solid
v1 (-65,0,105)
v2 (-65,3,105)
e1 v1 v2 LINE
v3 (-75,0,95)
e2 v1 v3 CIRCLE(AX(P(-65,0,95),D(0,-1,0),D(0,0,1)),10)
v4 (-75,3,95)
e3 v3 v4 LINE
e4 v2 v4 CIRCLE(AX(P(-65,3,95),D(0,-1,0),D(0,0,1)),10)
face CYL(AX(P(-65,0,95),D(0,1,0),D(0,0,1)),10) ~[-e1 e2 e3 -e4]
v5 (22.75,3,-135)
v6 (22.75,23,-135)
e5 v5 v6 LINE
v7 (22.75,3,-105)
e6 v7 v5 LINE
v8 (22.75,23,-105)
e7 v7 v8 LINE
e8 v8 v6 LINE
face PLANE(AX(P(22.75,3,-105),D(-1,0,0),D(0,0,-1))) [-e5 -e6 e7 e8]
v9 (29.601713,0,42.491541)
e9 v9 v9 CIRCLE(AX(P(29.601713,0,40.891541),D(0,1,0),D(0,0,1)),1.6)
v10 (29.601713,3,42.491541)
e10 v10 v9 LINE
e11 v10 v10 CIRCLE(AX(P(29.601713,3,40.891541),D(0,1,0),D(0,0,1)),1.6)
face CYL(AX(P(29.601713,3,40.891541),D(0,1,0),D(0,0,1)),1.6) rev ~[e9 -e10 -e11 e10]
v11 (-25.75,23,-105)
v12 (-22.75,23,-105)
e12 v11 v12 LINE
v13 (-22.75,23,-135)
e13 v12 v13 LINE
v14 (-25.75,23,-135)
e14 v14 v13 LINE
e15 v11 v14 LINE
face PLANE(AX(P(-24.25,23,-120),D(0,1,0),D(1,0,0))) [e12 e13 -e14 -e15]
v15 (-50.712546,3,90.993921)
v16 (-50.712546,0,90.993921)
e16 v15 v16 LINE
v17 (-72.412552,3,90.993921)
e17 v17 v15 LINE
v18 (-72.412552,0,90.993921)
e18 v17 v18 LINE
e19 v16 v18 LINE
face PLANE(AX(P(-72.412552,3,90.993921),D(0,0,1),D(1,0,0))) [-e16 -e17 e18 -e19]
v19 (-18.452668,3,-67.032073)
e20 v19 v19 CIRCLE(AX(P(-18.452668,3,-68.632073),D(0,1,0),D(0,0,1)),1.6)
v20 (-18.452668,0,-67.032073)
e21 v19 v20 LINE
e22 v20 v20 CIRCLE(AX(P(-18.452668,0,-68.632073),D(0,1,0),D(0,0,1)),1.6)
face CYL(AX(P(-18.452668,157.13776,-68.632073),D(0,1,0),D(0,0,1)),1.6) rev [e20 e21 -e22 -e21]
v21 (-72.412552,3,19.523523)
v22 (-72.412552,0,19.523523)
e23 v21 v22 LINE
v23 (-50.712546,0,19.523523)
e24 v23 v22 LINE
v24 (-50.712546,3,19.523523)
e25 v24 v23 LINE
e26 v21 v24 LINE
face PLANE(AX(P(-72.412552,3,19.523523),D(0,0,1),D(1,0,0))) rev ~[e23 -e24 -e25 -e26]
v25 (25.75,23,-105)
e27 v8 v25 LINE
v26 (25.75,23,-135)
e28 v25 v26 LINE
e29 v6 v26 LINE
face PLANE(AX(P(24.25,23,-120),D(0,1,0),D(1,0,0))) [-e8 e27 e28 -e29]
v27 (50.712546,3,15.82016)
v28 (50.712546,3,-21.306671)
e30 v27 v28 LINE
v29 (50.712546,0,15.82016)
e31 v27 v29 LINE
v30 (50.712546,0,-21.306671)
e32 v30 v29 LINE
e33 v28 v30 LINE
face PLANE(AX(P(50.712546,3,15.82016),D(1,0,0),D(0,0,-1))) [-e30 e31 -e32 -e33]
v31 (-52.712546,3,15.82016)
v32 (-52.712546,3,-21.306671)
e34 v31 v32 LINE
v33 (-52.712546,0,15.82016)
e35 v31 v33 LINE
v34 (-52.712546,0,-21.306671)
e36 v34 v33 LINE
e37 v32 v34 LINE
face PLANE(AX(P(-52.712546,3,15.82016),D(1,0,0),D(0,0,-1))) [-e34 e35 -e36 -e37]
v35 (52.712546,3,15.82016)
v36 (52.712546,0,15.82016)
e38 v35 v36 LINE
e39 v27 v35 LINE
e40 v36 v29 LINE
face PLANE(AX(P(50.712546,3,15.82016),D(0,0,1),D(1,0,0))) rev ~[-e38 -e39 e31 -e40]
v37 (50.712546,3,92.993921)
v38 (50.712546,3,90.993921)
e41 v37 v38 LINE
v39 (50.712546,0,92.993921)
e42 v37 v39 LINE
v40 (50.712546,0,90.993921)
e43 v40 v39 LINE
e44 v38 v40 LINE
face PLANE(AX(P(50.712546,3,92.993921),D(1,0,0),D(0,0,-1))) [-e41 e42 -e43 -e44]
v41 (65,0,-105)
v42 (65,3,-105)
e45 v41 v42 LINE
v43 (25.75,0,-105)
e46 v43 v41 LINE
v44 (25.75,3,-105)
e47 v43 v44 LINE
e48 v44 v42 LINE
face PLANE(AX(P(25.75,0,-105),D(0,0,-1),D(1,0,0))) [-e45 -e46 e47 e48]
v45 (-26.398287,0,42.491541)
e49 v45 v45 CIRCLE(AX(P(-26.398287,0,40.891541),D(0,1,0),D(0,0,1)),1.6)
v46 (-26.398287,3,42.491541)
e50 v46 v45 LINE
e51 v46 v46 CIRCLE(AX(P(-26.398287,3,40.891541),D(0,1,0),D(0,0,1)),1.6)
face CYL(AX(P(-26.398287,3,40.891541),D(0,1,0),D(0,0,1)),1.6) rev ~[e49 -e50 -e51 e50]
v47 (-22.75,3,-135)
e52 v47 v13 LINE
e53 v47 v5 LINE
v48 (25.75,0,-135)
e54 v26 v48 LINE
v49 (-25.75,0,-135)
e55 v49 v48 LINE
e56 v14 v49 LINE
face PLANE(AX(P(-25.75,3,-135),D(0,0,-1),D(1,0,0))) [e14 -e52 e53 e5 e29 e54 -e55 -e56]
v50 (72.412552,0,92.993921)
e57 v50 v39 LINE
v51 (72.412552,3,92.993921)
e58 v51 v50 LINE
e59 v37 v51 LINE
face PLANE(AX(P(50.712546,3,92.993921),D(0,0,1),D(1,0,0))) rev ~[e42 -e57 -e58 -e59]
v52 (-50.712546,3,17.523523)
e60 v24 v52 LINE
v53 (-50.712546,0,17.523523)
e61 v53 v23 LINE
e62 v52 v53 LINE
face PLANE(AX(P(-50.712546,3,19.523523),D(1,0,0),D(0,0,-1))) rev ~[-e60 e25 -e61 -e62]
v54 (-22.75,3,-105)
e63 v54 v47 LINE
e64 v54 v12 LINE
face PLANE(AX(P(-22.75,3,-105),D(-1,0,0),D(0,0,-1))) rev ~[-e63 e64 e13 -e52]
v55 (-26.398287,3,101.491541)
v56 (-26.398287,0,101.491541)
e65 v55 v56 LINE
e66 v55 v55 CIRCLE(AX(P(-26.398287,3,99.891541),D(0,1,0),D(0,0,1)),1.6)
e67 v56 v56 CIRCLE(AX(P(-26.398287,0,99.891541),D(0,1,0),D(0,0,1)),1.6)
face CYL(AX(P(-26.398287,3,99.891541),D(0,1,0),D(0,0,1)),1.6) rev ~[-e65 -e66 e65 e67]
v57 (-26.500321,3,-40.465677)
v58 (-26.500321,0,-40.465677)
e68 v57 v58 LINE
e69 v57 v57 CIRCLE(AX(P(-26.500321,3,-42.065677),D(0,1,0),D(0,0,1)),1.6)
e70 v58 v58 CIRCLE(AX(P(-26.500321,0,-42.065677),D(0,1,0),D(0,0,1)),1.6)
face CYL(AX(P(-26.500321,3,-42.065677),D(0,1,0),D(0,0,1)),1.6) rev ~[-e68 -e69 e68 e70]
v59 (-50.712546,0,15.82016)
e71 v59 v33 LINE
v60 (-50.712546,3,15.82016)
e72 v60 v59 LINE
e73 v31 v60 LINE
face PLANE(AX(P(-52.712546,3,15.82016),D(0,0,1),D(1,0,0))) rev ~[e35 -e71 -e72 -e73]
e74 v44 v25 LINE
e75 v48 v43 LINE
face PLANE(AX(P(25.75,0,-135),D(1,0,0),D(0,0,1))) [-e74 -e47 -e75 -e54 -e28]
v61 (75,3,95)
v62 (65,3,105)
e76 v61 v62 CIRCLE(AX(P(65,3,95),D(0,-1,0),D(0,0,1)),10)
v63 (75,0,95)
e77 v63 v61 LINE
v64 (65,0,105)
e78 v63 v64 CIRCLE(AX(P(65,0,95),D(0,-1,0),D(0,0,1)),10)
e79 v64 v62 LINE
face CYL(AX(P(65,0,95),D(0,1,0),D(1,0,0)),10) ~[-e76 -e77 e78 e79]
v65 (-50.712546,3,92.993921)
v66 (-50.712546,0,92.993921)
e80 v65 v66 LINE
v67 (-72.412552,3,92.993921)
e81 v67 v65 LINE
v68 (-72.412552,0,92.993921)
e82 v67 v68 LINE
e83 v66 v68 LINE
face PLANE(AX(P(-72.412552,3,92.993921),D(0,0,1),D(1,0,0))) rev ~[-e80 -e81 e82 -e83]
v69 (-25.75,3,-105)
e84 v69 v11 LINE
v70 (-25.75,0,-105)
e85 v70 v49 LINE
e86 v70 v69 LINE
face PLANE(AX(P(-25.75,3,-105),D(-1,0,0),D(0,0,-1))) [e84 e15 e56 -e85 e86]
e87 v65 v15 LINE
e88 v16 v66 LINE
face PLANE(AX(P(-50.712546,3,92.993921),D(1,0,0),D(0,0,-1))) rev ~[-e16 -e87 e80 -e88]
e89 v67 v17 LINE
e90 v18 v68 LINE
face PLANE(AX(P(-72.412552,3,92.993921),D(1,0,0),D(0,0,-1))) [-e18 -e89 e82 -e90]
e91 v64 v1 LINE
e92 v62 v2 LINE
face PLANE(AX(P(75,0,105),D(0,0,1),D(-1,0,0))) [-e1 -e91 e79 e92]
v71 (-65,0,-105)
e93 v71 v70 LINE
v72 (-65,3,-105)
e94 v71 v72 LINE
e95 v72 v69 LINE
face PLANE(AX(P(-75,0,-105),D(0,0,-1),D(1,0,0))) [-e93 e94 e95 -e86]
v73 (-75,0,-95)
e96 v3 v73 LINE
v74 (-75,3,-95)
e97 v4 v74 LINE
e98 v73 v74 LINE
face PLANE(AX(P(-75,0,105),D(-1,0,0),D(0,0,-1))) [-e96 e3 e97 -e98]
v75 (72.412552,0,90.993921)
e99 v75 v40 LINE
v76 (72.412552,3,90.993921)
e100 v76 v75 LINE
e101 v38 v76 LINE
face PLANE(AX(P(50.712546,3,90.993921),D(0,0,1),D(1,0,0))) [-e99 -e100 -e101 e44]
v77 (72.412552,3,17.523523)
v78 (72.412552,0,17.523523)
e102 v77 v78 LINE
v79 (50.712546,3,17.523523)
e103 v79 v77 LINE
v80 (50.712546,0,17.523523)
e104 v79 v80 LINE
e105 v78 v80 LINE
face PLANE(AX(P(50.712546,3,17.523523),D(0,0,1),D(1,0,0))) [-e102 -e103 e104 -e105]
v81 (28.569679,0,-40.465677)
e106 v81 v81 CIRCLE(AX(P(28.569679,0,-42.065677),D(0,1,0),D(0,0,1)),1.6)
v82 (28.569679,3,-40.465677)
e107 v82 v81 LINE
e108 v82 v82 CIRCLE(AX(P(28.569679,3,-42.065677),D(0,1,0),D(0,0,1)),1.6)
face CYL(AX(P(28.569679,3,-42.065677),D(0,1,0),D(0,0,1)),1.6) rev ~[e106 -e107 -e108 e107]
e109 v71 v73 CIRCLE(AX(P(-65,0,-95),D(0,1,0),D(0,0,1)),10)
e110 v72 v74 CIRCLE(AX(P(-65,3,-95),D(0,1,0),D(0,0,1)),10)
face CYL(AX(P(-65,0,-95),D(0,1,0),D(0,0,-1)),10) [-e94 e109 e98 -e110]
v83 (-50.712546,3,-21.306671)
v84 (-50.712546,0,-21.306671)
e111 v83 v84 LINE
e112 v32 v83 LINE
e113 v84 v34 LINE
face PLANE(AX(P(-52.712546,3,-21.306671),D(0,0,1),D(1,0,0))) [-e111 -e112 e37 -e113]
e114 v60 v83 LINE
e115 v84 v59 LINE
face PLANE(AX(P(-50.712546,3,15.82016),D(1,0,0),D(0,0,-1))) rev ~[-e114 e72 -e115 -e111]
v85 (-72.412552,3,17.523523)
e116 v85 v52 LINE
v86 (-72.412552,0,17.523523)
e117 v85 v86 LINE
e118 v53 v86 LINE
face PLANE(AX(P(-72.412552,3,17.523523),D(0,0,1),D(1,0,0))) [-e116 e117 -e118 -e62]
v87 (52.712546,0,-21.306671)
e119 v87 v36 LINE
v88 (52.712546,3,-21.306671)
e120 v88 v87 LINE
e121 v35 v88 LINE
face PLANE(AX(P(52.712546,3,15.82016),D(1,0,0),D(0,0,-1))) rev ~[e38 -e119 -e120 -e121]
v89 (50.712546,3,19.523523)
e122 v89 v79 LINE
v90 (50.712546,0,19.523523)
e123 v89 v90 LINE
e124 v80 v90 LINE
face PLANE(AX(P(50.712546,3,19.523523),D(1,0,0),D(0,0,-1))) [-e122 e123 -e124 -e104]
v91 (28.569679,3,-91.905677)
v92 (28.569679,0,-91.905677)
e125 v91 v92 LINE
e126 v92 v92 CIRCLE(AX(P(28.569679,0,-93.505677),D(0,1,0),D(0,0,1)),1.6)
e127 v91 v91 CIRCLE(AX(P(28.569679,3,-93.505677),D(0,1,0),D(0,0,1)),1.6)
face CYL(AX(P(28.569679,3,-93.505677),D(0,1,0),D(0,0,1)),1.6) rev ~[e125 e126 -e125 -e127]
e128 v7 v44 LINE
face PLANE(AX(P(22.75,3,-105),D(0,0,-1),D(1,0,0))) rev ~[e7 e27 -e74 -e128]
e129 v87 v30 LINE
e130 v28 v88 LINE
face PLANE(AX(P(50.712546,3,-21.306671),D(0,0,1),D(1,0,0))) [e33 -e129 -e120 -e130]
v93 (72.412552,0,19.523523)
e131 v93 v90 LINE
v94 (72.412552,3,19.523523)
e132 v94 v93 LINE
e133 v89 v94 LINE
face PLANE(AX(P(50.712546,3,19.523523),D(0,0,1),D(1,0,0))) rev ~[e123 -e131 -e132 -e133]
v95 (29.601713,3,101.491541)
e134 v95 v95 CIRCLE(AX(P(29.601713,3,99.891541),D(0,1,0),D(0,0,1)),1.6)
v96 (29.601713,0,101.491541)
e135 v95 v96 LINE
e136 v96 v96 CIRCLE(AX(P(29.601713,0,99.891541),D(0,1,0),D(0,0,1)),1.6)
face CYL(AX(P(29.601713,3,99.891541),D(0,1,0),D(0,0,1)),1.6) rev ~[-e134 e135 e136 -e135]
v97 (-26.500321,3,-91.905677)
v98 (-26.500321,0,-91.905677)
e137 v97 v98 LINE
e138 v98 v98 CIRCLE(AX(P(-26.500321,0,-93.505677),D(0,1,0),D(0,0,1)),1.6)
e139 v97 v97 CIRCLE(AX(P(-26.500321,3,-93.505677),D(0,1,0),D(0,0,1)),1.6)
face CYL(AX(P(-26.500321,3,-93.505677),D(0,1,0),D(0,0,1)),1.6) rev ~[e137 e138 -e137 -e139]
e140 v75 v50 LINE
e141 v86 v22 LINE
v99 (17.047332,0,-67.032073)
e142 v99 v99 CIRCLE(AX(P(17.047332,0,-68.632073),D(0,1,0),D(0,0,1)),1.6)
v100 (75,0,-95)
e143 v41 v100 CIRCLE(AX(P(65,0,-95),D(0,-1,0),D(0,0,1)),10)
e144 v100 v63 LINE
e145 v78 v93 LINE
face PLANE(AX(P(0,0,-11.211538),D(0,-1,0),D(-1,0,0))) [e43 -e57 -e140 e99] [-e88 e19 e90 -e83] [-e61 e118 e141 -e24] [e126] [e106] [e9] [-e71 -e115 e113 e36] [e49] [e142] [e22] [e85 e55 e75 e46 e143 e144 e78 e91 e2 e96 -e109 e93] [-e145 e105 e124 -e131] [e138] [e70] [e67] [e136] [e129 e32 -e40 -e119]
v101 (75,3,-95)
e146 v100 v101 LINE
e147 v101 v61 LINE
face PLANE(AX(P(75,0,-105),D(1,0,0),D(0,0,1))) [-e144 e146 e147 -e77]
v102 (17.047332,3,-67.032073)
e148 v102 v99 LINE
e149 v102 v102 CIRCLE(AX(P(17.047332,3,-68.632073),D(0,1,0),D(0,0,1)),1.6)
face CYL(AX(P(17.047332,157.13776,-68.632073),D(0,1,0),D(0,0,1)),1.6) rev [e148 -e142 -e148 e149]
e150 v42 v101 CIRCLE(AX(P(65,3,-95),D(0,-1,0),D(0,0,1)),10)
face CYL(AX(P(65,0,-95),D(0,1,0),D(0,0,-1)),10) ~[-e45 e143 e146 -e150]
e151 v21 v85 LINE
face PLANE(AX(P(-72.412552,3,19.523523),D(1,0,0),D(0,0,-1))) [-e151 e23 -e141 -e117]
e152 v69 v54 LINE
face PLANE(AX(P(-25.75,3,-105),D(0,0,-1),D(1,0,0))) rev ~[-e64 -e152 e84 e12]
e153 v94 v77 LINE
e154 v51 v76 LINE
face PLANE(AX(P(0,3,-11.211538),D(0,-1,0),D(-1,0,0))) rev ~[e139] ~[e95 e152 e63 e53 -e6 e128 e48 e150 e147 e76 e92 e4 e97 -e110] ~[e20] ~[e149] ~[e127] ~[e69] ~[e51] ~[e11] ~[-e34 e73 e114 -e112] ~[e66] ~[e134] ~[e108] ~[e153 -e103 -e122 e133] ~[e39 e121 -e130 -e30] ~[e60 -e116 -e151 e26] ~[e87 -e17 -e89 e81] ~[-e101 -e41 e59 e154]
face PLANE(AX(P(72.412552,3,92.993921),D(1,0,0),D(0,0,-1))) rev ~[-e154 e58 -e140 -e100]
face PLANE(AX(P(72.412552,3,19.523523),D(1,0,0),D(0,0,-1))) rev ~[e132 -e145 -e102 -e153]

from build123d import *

# Parameters (mm, degrees)
BOSS_EXTRUDE1_DEPTH     = 3
SKETCH2_R               = 1.6
SKETCH2_W               = 21.700006253
SKETCH2_H               = 2
SKETCH2_W_2             = 2
SKETCH2_H_2             = 37.126830638
CUT_EXTRUDE1_DEPTH      = 155.463587942
SKETCH3_W               = 3
SKETCH3_H               = 30
BOSS_EXTRUDE2_DEPTH     = 20
FILLET2_R               = 10
CUT_EXTRUDE2_DEPTH      = 157.137759687
CUT_EXTRUDE2_DEPTH_BACK = 157.137759687
SKETCH5_R               = 1.6


with BuildPart() as part:
    # Sketch1 → Boss-Extrude1 (new body)
    with BuildSketch(Plane(origin=(0, 0, 0), x_dir=(1, 0, 0), z_dir=(0, 1, 0))):
        Polygon((-75, 105), (-25.75, 105), (-25.75, 135), (25.75, 135), (25.75, 105), (75, 105), (75, -105), (-75, -105), align=None)
    extrude(amount=BOSS_EXTRUDE1_DEPTH)

    # Sketch2 → Cut-Extrude1 (cut, through all)
    with BuildSketch(Plane(origin=(0, 3, 0), x_dir=(1, 0, 0), z_dir=(0, 1, 0))):
        with Locations(Location((-26.500321166, 93.505677214, 0), (0, 0, 270))):
            Circle(SKETCH2_R)
        with Locations(Location((28.569678834, 93.505677214, 0), (0, 0, 270))):
            Circle(SKETCH2_R)
        with Locations(Location((28.569678834, 42.065677214, 0), (0, 0, 270))):
            Circle(SKETCH2_R)
        with Locations(Location((-26.500321166, 42.065677214, 0), (0, 0, 270))):
            Circle(SKETCH2_R)
        with Locations(Location((-26.398287195, -40.891541183, 0), (0, 0, 270))):
            Circle(SKETCH2_R)
        with Locations(Location((29.601712805, -40.891541183, 0), (0, 0, 270))):
            Circle(SKETCH2_R)
        with Locations(Location((-26.398287195, -99.891541183, 0), (0, 0, 270))):
            Circle(SKETCH2_R)
        with Locations(Location((29.601712805, -99.891541183, 0), (0, 0, 270))):
            Circle(SKETCH2_R)
        with Locations((61.56254881, -18.52352323)):
            Rectangle(SKETCH2_W, SKETCH2_H)
        with Locations((-61.56254881, -18.52352323)):
            Rectangle(SKETCH2_W, SKETCH2_H)
        with Locations((51.712545683, 2.74325537)):
            Rectangle(SKETCH2_W_2, SKETCH2_H_2)
        with Locations((-51.712545683, 2.74325537)):
            Rectangle(SKETCH2_W_2, SKETCH2_H_2)
        with Locations((61.56254881, -91.993921103)):
            Rectangle(SKETCH2_W, SKETCH2_H)
        with Locations((-61.56254881, -91.993921103)):
            Rectangle(SKETCH2_W, SKETCH2_H)
    extrude(amount=-CUT_EXTRUDE1_DEPTH, mode=Mode.SUBTRACT)

    # Sketch3 → Boss-Extrude2 (add)
    with BuildSketch(Plane(origin=(0, 3, 0), x_dir=(1, 0, 0), z_dir=(0, 1, 0))):
        with Locations((-24.25, 120)):
            Rectangle(SKETCH3_W, SKETCH3_H)
        with Locations((24.25, 120)):
            Rectangle(SKETCH3_W, SKETCH3_H)
    extrude(amount=BOSS_EXTRUDE2_DEPTH)

    # Fillet2
    fillet2_edges = [part.edges().sort_by_distance(p)[0] for p in [
        (75, 1.5, 105),
        (-75, 1.5, 105),
        (-75, 1.5, -105),
        (75, 1.5, -105),
    ]]
    fillet(fillet2_edges, radius=FILLET2_R)

    # Sketch5 → Cut-Extrude2 (cut, two sides: drawn at the far end of the back side and taken through both)
    with BuildSketch(Plane.XZ.offset(-CUT_EXTRUDE2_DEPTH_BACK)):
        with Locations(Location((-18.452668306, -68.632073291, 0), (0, 0, 90))):
            Circle(SKETCH5_R)
        with Locations(Location((17.047331694, -68.632073291, 0), (0, 0, 90))):
            Circle(SKETCH5_R)
    extrude(amount=CUT_EXTRUDE2_DEPTH + CUT_EXTRUDE2_DEPTH_BACK, mode=Mode.SUBTRACT)


solid = part.part
